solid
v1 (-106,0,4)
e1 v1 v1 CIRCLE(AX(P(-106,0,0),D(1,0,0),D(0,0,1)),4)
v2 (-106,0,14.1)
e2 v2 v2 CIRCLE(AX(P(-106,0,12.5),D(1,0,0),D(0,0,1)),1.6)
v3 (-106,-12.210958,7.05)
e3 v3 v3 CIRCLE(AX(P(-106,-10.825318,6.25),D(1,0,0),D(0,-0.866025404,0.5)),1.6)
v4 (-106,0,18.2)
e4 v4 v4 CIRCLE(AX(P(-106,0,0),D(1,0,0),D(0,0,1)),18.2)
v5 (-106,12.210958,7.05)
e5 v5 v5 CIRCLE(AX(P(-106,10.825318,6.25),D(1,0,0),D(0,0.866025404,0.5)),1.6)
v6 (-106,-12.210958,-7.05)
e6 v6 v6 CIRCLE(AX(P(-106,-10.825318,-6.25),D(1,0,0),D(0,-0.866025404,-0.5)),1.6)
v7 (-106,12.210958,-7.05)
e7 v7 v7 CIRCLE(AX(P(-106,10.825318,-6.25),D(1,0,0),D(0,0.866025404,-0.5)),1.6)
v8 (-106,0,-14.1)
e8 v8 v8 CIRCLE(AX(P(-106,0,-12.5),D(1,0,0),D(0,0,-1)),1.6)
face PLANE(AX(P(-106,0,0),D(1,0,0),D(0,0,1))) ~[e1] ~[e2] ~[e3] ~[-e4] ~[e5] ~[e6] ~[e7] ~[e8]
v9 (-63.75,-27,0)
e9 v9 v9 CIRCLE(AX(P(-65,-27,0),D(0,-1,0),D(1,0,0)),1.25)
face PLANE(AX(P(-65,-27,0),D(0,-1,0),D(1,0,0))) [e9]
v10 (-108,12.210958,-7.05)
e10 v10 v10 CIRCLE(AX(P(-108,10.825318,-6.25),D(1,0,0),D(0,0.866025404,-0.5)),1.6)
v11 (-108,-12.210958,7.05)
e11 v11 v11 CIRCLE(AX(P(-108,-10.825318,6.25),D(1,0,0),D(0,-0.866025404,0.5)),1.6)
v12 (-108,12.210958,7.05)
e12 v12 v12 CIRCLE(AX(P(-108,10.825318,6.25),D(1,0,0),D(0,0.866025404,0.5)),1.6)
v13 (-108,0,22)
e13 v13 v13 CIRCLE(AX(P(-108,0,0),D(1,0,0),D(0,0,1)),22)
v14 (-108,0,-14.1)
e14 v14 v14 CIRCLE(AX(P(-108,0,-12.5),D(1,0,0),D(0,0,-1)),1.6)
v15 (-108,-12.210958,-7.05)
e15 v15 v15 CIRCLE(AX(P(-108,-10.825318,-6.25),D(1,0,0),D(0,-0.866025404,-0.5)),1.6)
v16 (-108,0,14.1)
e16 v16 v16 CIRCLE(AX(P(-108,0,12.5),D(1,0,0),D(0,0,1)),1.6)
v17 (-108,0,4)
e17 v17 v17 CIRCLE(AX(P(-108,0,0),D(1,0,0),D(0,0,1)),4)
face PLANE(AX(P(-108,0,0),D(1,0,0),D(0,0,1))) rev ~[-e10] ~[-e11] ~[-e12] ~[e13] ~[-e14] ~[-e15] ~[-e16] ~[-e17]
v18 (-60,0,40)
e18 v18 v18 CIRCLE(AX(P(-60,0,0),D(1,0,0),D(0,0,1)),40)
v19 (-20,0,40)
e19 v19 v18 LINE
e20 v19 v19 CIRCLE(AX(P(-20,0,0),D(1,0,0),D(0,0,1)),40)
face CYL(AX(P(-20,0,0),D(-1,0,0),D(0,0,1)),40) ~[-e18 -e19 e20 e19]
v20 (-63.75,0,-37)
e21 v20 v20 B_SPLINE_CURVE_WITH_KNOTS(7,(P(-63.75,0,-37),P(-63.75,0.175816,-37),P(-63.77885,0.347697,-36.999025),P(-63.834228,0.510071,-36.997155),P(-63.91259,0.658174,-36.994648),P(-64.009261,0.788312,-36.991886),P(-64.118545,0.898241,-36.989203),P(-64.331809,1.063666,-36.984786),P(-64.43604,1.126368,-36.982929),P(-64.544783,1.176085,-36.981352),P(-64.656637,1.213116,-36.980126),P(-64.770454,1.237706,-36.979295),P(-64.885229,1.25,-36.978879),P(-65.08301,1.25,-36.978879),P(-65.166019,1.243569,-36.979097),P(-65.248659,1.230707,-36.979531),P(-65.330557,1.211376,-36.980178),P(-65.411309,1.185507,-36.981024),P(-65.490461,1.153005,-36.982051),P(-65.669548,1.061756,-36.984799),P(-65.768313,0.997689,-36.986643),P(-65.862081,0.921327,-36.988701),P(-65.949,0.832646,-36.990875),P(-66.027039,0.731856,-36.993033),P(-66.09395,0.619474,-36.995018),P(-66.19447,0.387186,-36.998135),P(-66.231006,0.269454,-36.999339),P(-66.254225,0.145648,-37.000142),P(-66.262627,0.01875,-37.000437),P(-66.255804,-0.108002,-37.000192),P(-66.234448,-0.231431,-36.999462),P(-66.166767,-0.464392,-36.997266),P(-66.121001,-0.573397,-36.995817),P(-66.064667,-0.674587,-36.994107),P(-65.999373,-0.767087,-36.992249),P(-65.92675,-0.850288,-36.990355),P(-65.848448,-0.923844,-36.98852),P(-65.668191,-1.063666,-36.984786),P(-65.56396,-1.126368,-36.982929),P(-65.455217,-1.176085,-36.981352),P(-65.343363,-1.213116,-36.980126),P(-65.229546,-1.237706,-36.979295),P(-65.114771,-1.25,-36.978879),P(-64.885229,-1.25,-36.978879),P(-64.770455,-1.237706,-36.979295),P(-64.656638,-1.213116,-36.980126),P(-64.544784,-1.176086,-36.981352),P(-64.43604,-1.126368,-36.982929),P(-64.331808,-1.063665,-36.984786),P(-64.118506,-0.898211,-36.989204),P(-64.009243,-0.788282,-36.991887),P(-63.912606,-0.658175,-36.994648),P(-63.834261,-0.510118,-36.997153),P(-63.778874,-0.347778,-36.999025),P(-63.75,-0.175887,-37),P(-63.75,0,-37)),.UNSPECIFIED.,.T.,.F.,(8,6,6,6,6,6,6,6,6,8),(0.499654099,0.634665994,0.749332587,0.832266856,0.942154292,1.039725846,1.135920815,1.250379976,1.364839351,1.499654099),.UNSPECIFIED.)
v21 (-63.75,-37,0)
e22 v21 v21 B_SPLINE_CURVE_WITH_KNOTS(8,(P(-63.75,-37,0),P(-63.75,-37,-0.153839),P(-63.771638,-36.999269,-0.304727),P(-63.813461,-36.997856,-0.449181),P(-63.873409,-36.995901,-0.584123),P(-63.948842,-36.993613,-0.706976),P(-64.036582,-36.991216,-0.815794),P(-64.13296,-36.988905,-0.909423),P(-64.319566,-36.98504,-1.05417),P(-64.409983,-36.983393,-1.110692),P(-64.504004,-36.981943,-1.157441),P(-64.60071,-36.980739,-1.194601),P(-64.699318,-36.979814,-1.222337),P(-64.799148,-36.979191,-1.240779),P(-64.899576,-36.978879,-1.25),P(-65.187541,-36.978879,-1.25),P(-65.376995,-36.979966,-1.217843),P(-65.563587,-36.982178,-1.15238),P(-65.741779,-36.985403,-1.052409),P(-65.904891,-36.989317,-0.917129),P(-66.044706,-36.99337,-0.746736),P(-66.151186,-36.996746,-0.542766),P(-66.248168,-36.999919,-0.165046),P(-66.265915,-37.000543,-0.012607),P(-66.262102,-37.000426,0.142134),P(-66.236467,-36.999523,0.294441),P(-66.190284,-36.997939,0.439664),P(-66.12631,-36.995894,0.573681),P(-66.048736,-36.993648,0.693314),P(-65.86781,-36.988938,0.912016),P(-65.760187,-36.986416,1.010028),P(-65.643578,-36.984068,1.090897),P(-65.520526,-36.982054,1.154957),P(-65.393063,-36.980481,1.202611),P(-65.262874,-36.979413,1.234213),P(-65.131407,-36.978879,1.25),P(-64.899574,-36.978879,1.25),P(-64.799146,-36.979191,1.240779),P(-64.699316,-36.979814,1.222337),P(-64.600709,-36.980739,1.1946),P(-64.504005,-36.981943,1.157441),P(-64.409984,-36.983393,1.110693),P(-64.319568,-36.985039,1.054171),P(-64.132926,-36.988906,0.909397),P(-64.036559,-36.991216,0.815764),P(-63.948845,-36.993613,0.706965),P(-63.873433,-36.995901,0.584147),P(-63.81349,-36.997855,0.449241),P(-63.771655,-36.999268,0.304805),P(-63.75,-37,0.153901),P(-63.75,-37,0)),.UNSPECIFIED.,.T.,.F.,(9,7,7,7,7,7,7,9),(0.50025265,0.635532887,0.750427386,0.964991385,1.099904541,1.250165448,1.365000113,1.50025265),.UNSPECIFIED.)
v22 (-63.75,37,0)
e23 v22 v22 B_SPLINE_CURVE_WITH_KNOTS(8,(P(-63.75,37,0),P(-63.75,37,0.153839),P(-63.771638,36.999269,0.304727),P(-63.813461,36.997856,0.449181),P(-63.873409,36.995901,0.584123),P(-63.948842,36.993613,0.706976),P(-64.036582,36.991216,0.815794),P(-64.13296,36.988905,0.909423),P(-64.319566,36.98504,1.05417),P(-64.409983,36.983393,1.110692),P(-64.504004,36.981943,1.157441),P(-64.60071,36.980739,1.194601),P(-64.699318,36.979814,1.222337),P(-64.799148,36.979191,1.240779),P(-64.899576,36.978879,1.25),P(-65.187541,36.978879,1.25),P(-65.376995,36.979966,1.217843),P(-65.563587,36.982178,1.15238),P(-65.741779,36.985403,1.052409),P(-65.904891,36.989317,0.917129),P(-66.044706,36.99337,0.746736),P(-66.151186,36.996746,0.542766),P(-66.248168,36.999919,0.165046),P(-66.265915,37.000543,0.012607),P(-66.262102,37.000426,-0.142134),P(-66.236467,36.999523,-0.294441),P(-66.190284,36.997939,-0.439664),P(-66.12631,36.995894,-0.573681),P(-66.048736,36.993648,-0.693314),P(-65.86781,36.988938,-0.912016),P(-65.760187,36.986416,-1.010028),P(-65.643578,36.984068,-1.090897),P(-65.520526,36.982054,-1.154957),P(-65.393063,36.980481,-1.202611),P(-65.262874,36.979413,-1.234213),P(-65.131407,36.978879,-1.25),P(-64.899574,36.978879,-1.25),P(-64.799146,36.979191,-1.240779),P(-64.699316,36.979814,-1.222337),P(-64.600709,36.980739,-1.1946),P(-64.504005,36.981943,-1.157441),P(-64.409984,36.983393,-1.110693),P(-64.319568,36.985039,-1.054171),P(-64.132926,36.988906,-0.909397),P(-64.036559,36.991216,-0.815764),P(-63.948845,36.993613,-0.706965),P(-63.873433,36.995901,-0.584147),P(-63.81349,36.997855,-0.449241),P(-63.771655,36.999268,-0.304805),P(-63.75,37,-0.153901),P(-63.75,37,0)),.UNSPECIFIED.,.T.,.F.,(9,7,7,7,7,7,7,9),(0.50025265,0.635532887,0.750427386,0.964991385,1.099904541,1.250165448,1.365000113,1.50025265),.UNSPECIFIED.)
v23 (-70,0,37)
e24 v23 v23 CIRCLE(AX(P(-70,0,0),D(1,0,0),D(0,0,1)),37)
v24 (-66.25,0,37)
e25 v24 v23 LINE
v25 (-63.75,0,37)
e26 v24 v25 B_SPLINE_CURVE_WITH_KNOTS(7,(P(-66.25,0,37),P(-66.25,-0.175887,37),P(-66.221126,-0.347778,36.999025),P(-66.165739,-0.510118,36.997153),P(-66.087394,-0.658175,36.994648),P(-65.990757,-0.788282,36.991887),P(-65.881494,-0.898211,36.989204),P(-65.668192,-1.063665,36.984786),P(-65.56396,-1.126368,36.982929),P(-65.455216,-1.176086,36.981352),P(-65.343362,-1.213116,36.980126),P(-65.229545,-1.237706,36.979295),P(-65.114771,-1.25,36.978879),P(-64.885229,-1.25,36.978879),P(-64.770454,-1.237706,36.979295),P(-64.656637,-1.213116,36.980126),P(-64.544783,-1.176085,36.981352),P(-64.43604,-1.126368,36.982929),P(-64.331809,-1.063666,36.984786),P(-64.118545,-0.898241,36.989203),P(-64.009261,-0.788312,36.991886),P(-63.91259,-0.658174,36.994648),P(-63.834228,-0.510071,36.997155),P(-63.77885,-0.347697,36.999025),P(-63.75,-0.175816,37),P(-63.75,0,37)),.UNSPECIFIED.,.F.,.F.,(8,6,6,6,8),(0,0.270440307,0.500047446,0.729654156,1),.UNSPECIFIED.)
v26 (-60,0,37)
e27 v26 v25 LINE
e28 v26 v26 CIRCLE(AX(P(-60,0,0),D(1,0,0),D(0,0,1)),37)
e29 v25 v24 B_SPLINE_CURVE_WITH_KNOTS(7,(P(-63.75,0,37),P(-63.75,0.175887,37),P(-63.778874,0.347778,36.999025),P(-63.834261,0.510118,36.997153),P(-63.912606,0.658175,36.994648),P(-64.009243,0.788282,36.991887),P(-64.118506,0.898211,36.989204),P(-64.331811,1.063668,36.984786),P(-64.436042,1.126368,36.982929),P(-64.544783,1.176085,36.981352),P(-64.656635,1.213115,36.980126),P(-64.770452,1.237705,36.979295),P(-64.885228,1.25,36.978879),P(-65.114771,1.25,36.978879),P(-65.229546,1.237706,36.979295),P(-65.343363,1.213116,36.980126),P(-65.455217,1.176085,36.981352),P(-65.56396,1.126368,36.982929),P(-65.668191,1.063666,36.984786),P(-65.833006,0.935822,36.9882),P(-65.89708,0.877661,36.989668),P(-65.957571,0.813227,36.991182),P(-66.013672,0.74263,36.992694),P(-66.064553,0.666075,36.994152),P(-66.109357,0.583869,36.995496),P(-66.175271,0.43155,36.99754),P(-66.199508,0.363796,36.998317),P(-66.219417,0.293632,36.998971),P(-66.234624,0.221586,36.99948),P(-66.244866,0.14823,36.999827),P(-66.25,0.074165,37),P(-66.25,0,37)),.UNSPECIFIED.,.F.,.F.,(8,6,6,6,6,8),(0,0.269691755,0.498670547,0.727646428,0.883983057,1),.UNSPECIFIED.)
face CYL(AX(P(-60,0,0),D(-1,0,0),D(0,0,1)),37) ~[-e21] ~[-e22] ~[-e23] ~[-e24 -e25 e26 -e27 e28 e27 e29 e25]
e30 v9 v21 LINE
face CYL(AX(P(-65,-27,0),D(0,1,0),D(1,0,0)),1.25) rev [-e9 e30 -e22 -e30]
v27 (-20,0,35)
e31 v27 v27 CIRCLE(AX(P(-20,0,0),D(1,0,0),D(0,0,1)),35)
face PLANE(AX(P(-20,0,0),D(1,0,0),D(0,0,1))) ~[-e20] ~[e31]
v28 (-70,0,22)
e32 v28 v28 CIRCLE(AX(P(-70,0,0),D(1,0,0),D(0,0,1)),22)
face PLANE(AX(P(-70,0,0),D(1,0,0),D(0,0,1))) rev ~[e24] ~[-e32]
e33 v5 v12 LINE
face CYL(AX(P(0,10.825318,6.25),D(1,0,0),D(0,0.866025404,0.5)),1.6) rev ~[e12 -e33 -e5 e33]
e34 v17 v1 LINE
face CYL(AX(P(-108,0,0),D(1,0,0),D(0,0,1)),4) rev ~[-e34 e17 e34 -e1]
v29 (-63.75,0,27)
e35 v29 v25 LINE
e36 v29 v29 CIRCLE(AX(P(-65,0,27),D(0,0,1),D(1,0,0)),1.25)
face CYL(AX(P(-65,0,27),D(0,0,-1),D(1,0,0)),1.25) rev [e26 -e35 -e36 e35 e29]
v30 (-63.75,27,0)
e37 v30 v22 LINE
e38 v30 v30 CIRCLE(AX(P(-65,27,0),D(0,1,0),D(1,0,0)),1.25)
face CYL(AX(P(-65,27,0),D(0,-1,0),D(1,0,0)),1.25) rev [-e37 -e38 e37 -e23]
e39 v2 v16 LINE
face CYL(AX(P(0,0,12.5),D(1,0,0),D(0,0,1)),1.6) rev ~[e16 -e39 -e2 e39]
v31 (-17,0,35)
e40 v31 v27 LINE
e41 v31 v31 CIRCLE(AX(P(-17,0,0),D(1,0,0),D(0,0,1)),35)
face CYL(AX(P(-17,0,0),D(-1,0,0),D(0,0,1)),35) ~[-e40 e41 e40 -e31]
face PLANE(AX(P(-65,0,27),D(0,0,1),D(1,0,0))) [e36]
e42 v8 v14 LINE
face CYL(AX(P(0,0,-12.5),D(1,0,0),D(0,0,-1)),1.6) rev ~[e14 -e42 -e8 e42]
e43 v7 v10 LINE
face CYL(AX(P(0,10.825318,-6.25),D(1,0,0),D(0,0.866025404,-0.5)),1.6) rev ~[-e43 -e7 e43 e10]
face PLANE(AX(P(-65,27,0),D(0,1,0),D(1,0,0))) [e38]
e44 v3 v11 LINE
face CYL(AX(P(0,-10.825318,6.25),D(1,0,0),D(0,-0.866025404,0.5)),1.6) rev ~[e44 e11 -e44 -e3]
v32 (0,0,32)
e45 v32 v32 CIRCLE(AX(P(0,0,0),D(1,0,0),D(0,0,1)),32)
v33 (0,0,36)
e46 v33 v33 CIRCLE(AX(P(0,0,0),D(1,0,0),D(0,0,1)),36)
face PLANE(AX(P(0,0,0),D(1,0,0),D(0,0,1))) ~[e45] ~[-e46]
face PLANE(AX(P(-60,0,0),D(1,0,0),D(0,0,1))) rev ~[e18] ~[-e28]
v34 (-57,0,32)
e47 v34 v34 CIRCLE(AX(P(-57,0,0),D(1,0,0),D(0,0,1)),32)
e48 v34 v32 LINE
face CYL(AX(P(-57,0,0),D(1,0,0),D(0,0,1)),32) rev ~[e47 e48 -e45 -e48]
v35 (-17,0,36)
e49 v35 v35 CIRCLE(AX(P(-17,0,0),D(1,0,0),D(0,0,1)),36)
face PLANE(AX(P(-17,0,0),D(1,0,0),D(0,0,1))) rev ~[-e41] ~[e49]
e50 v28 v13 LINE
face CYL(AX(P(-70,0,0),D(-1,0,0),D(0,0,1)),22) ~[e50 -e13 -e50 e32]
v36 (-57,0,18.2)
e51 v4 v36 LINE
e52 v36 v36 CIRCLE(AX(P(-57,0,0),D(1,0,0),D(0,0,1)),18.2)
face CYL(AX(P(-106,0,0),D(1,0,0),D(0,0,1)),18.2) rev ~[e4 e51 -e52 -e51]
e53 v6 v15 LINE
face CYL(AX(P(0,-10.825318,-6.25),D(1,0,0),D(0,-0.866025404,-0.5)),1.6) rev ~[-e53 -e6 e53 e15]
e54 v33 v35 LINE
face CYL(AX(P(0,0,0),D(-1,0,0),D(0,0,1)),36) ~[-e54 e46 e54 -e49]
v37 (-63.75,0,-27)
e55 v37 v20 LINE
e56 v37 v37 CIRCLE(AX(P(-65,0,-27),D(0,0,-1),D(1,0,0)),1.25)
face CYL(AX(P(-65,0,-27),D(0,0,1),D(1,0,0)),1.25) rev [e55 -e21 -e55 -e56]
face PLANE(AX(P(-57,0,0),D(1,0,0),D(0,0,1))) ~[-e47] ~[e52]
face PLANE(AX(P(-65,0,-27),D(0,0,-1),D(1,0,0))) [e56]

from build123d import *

# Parameters (mm, degrees)
IZIM12_R                = 1.6
KES_EKSTR_ZYON1_DEPTH   = 122.918005233
DAIRESEL_KAPLAMA1_COUNT = 6
KES_EKSTR_ZYON2_START   = 27
IZIM13_R                = 1.25
KES_EKSTR_ZYON2_DEPTH   = 10
DAIRESEL_KAPLAMA2_COUNT = 4


with BuildPart() as part:
    # Çizim1 → Döndür1 (revolve)
    with BuildSketch(Plane.XY, mode=Mode.PRIVATE) as d_nd_r1_sk:
        Polygon((-60, 40), (-60, 37), (-70, 37), (-70, 22), (-108, 22), (-108, 4), (-106, 4), (-106, 18.2), (-57, 18.2), (-57, 32), (0, 32), (0, 36), (-17, 36), (-17, 35), (-20, 35), (-20, 40), align=None)
    revolve(d_nd_r1_sk.sketch.rotate(Axis((-88.99, 0, 0), (1, 0, 0)), 90), axis=Axis((-88.99, 0, 0), (1, 0, 0)))

    # Çizim12 → Kes-Ekstrüzyon1 (cut, through all)
    with BuildSketch(Plane(origin=(0, 0, 0), x_dir=(0, 0, -1), z_dir=(1, 0, 0))):
        with Locations((12.5, 0)):
            Circle(IZIM12_R)
    kes_ekstr_zyon1 = extrude(amount=-KES_EKSTR_ZYON1_DEPTH, mode=Mode.SUBTRACT)

    # Dairesel Kaplama1: Kes-Ekstrüzyon1 ×6 about axis
    dairesel_kaplama1_axis = Axis((0, 0, 0), (1, 0, 0))
    for i in range(1, DAIRESEL_KAPLAMA1_COUNT):
        add(kes_ekstr_zyon1.rotate(dairesel_kaplama1_axis, i * 360 / DAIRESEL_KAPLAMA1_COUNT), mode=Mode.SUBTRACT)

    # Çizim13 → Kes-Ekstrüzyon2 (cut)
    with BuildSketch(Plane.XY.offset(KES_EKSTR_ZYON2_START)):
        with Locations((-65, 0)):
            Circle(IZIM13_R)
    kes_ekstr_zyon2 = extrude(amount=KES_EKSTR_ZYON2_DEPTH, mode=Mode.SUBTRACT)

    # Dairesel Kaplama2: Kes-Ekstrüzyon2 ×4 about axis
    dairesel_kaplama2_axis = Axis((0, 0, 0), (1, 0, 0))
    for i in range(1, DAIRESEL_KAPLAMA2_COUNT):
        add(kes_ekstr_zyon2.rotate(dairesel_kaplama2_axis, i * 360 / DAIRESEL_KAPLAMA2_COUNT), mode=Mode.SUBTRACT)


solid = part.part
